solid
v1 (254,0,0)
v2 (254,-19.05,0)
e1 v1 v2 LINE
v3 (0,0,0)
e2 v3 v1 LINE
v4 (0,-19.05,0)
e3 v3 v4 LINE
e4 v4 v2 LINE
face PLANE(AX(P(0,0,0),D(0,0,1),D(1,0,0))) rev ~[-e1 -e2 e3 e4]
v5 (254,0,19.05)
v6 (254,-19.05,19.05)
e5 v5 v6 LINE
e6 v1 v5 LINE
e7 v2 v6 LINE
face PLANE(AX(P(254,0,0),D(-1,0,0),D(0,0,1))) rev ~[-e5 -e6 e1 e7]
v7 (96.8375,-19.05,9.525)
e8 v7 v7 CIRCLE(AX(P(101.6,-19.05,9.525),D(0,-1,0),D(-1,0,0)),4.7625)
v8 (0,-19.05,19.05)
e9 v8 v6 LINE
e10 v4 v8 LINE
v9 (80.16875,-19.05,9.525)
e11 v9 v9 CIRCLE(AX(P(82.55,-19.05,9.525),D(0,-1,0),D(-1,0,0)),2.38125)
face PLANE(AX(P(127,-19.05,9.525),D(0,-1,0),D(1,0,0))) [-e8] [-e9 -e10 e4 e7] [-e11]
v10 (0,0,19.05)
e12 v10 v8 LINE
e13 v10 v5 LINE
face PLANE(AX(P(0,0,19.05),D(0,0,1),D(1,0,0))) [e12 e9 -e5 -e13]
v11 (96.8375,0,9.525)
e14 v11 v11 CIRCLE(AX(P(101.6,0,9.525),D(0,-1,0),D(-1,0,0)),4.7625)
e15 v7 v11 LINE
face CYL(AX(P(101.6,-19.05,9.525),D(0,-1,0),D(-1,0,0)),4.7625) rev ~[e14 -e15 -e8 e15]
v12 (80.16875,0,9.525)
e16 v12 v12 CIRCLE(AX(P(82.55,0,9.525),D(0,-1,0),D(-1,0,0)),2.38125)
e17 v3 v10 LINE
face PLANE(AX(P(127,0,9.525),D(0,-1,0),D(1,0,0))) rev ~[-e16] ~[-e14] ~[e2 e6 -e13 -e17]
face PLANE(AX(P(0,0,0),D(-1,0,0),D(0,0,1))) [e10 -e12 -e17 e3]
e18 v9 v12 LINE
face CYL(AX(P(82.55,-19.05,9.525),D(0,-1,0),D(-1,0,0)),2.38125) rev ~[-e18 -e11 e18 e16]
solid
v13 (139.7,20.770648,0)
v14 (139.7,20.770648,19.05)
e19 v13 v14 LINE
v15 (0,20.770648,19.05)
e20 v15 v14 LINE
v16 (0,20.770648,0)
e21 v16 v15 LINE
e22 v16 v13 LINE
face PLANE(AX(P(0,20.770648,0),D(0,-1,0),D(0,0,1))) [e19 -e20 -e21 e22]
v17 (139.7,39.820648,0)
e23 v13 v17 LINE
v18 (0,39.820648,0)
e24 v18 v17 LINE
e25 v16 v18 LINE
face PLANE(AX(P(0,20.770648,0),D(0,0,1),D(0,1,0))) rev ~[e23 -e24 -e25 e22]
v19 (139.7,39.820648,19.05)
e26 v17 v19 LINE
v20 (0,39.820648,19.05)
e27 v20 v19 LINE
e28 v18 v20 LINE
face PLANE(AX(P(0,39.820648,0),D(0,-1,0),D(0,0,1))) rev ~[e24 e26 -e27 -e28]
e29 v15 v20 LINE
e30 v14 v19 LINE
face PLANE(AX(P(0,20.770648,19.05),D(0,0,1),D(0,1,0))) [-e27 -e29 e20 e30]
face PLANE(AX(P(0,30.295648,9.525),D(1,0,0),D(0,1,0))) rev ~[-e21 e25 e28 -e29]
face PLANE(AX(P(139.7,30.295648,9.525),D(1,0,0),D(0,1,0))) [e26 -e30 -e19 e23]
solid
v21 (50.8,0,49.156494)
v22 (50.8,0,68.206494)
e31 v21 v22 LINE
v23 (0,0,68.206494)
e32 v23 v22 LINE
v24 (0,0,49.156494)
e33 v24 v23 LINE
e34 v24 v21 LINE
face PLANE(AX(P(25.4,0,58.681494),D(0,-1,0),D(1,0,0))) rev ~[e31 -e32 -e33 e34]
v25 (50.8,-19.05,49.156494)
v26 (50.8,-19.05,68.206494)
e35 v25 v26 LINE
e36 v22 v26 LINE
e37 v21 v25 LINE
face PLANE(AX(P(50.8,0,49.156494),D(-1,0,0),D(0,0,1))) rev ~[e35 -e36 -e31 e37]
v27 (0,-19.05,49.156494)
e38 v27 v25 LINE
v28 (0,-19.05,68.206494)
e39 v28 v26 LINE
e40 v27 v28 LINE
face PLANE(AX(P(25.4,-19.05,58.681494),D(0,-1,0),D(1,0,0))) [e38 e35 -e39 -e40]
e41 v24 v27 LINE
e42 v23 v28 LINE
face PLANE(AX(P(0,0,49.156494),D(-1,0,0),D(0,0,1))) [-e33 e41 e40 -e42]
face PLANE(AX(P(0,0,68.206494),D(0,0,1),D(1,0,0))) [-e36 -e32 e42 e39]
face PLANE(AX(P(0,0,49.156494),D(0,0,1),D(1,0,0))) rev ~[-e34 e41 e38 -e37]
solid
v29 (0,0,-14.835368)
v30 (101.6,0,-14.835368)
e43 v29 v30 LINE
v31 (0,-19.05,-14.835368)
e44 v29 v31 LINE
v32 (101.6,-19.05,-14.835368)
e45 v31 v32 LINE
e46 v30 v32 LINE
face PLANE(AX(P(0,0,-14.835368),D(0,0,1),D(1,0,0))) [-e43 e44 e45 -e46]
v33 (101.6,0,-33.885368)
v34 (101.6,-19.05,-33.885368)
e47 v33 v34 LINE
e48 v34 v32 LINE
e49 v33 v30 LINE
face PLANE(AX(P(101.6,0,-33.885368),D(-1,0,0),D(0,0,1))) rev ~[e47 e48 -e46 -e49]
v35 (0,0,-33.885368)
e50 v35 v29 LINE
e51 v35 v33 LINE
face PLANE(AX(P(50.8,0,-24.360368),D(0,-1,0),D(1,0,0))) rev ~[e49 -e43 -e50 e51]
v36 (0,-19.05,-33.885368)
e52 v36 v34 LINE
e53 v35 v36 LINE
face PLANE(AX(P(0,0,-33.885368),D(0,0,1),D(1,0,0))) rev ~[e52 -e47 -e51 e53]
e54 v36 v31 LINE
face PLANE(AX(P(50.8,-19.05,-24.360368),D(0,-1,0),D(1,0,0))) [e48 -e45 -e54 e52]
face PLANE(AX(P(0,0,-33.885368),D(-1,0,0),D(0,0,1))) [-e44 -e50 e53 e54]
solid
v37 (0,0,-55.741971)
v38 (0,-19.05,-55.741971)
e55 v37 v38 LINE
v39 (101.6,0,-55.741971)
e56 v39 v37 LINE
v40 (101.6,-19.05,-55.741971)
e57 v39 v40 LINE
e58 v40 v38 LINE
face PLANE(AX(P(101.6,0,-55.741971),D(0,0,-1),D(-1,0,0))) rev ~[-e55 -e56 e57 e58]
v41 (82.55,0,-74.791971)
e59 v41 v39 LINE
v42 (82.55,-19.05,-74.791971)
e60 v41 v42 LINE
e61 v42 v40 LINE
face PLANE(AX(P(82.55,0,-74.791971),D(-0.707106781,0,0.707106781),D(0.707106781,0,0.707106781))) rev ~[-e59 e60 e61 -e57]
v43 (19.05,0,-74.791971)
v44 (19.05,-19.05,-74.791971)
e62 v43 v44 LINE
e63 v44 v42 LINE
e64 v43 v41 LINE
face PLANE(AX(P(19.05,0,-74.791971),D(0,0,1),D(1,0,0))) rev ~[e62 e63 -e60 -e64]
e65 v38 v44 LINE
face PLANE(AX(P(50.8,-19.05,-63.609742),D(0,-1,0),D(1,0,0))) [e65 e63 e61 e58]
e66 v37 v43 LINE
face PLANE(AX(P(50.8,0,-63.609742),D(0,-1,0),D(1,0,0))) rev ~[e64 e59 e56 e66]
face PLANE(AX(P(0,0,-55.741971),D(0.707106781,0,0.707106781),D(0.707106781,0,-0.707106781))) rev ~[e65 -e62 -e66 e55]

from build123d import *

# Parameters (mm, degrees)
F0_W      = 254
F0_H      = 19.05
F1_DEPTH  = 19.05
F3_DEPTH  = 25.4
F4_W      = 101.6
F4_H      = 19.05
F5_DEPTH  = 19.05
F7_DEPTH  = 19.05
F8_W      = 50.8
F8_H      = 19.05
F9_DEPTH  = 19.05
F10_W     = 19.05
F10_H     = 19.05
F11_DEPTH = 139.7


with BuildPart() as f1:
    # F0 (on Front) → F1 (new body)
    with BuildSketch(Plane.XZ):
        with Locations((127, 9.525)):
            Rectangle(F0_W, F0_H)
    extrude(amount=F1_DEPTH)

    # F2 (on face) → F3 (cut)
    with BuildSketch(Plane.XZ.offset(19.05)):
        with BuildLine():
            ThreePointArc((84.93125, 9.525), (82.55, 11.90625), (80.16875, 9.525))
            Line((80.16875, 9.525), (82.55, 9.525))
            Line((82.55, 9.525), (84.93125, 9.525))
        make_face()
        with BuildLine():
            ThreePointArc((106.3625, 9.525), (101.6, 14.2875), (96.8375, 9.525))
            ThreePointArc((96.8375, 9.525), (101.6, 4.7625), (106.3625, 9.525))
        make_face()
        with BuildLine():
            Line((82.55, 9.525), (80.16875, 9.525))
            ThreePointArc((80.16875, 9.525), (82.55, 7.14375), (84.93125, 9.525))
            Line((84.93125, 9.525), (82.55, 9.525))
        make_face()
    extrude(amount=-F3_DEPTH, mode=Mode.SUBTRACT)


with BuildPart() as f5:
    # F4 (on Front) → F5 (new body)
    with BuildSketch(Plane.XZ):
        with Locations((50.8, -24.360368)):
            Rectangle(F4_W, F4_H)
    extrude(amount=F5_DEPTH)


with BuildPart() as f7:
    # F6 (on Front) → F7 (new body)
    with BuildSketch(Plane.XZ):
        Polygon((101.6, -55.741971), (0, -55.741971), (19.05, -74.791971), (82.55, -74.791971), align=None)
    extrude(amount=F7_DEPTH)


with BuildPart() as f9:
    # F8 (on Front) → F9 (new body)
    with BuildSketch(Plane.XZ):
        with Locations((25.4, 58.681494)):
            Rectangle(F8_W, F8_H)
    extrude(amount=F9_DEPTH)


with BuildPart() as f11:
    # F10 (on Right) → F11 (new body)
    with BuildSketch(Plane.YZ):
        with Locations((30.295648, 9.525)):
            Rectangle(F10_W, F10_H)
    extrude(amount=F11_DEPTH)


solid = Compound([f1.part, f5.part, f7.part, f9.part, f11.part])
